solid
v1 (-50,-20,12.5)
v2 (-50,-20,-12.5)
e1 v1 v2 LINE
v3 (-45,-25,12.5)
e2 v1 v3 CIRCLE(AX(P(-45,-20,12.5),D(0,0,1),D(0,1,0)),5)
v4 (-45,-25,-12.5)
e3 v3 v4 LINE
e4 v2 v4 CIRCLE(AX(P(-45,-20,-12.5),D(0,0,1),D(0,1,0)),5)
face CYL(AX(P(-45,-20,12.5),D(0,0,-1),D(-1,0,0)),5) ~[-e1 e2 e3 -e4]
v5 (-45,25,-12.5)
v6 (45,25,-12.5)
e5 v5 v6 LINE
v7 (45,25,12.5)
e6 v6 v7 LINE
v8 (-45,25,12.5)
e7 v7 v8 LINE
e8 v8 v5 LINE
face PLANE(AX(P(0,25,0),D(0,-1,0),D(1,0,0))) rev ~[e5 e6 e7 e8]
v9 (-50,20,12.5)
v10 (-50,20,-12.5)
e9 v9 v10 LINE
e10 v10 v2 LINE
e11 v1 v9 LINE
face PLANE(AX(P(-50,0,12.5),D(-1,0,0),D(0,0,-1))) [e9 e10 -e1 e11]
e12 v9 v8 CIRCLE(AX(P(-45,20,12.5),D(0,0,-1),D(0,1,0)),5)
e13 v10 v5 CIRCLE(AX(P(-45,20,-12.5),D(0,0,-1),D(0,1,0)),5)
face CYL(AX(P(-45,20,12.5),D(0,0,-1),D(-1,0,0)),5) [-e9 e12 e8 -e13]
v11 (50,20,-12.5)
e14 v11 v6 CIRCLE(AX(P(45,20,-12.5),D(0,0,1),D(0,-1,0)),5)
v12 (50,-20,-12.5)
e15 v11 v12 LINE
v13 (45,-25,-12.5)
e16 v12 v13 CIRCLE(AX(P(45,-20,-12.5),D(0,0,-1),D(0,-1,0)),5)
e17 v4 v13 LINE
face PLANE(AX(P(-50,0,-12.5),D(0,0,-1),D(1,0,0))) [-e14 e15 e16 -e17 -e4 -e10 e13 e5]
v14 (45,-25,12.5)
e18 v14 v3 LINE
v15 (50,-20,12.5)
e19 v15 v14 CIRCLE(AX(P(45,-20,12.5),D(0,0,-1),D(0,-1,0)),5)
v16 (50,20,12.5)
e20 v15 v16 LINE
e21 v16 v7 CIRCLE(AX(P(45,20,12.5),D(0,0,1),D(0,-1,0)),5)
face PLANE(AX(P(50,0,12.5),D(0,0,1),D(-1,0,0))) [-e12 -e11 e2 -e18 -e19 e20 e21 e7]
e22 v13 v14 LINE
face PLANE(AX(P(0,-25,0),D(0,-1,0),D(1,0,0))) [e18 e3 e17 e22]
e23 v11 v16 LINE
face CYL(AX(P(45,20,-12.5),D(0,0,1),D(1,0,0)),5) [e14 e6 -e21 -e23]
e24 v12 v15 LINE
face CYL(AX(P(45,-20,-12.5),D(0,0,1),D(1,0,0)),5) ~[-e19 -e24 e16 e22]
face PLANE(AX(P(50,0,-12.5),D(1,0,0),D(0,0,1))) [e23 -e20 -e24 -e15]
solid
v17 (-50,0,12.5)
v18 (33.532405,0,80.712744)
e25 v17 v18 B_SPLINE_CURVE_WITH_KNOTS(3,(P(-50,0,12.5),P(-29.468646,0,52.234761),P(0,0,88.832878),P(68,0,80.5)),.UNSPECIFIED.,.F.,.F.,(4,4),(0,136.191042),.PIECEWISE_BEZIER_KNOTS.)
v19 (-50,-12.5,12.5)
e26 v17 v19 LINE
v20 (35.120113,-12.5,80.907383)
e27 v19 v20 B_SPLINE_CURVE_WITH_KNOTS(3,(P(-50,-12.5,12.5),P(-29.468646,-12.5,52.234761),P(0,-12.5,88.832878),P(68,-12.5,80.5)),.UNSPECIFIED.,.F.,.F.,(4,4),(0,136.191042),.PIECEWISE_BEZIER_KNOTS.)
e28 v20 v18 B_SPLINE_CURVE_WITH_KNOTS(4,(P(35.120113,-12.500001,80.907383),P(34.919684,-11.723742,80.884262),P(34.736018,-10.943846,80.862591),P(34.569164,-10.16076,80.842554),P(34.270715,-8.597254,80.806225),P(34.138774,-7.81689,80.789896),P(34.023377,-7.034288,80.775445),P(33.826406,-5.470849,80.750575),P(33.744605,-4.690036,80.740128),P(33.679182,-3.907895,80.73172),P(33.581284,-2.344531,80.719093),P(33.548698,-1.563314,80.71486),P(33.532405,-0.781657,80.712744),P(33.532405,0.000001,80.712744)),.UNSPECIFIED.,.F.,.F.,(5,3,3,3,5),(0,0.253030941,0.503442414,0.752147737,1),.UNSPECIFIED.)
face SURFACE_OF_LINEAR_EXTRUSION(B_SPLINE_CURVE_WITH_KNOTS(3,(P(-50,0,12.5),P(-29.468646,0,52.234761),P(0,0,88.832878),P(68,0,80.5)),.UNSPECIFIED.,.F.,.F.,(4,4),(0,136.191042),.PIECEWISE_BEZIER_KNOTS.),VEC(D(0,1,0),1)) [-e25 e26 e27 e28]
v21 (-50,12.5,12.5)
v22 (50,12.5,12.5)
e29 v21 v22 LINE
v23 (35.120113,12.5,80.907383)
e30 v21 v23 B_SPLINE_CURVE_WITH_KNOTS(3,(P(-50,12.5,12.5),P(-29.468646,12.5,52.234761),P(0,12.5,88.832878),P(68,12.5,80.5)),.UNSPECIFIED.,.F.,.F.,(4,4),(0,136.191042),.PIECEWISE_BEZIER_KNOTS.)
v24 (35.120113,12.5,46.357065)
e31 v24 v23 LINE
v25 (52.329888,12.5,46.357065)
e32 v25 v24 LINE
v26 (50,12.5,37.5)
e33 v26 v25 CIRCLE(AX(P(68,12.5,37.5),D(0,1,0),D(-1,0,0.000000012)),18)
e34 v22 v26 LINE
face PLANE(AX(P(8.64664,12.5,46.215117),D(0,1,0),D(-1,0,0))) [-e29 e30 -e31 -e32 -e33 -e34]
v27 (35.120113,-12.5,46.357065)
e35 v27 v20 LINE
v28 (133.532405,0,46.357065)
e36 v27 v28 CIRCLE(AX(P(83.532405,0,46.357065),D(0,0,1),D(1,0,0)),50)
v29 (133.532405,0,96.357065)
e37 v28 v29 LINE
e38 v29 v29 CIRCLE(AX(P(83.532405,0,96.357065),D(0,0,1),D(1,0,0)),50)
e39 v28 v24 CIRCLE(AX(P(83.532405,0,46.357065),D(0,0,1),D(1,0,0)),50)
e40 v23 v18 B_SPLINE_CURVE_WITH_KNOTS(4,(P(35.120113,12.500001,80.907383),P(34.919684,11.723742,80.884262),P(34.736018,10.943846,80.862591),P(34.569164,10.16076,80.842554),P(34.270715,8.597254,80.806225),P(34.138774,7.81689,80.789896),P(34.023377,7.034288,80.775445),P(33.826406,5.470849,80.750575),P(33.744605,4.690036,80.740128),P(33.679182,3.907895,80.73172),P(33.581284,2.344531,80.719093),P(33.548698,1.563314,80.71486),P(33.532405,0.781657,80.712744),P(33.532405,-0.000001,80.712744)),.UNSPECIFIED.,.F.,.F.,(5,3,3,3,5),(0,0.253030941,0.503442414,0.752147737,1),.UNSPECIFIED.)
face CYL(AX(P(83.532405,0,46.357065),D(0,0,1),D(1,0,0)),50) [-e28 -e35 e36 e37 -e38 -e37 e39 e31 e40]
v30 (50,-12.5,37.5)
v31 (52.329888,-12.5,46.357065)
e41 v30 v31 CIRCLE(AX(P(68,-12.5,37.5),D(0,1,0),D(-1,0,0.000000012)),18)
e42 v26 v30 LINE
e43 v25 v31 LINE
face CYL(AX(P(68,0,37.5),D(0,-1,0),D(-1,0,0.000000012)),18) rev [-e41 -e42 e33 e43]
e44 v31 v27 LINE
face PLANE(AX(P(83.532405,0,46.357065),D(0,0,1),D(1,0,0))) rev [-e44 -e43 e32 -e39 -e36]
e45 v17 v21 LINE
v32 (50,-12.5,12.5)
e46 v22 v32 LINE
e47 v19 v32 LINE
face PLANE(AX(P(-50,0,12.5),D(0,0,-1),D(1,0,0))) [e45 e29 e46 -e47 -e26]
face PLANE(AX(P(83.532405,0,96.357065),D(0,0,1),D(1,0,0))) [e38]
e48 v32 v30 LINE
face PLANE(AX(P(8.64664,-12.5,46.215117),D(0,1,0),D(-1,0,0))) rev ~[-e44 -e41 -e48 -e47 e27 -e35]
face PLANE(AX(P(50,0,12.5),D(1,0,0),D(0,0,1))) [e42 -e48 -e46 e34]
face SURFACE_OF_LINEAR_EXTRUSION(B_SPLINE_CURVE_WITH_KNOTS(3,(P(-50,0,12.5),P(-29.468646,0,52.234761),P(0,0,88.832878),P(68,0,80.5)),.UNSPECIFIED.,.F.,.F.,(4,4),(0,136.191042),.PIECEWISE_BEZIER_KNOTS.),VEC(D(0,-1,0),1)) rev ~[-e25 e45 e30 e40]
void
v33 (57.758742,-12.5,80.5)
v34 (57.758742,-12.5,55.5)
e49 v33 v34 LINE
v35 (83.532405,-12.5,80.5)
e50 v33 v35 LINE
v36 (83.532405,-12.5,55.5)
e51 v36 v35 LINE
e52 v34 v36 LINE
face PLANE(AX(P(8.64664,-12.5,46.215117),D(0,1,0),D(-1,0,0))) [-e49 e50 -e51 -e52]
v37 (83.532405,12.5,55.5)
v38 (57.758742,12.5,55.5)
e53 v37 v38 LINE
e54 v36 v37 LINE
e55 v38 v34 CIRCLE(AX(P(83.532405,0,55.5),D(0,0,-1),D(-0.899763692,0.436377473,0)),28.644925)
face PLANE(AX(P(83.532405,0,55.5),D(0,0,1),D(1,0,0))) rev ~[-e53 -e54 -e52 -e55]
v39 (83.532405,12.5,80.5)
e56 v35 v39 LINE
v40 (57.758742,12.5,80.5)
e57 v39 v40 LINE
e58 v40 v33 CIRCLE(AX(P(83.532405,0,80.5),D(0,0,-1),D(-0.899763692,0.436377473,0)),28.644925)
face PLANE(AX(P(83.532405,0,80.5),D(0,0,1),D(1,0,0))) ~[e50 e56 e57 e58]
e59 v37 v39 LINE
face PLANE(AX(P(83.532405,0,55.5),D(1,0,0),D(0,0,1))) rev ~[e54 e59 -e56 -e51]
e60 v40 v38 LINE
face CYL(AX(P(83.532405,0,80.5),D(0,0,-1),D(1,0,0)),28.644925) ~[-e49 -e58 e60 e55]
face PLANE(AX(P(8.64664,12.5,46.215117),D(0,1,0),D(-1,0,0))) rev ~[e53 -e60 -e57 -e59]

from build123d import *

# Parameters (mm, degrees)
F1_DEPTH = 25
F2_DEPTH = 12.5
F4_R     = 5


with BuildPart() as f1:
    # F0 (on Front) → F1 (new body, symmetric)
    with BuildSketch(Plane.XZ):
        Polygon((25, 12.5), (-50, 12.5), (-50, -12.5), (50, -12.5), (50, 12.5), align=None)
    extrude(amount=F1_DEPTH, both=True)

    # F4
    f4_edges = [f1.edges().sort_by_distance(p)[0] for p in [
        (-50, -25, 0),
        (50, -25, 0),
        (50, 25, 0),
        (-50, 25, 0),
    ]]
    fillet(f4_edges, radius=F4_R)


with BuildPart() as f2:
    # F0 (on Front) → F2 (new body, symmetric)
    with BuildSketch(Plane.XZ):
        with BuildLine():
            add(Edge.make_bspline(
                [(-50, 12.5), (-29.468646, 52.234761), (0, 88.832878), (68, 80.5)],
                knots=[0, 0, 0, 0, 136.191042, 136.191042, 136.191042, 136.191042], degree=3))
            Line((-50, 12.5), (25, 12.5))
            Line((25, 12.5), (25, 37.5))
            ThreePointArc((25, 37.5), (37.594408, 67.905592), (68, 80.5))
        make_face()
        with BuildLine():
            Line((25, 37.5), (25, 12.5))
            Line((25, 12.5), (50, 12.5))
            Line((50, 12.5), (50, 37.5))
            ThreePointArc((50, 37.5), (55.272078, 50.227922), (68, 55.5))
            Line((68, 55.5), (83.532405, 55.5))
            Line((83.532405, 55.5), (83.532405, 80.5))
            Line((83.532405, 80.5), (68, 80.5))
            ThreePointArc((68, 80.5), (37.594408, 67.905592), (25, 37.5))
        make_face()
    extrude(amount=F2_DEPTH, both=True)

    # F0 (on Front) → F3 (revolve)
    with BuildSketch(Plane.XZ):
        Polygon((83.532405, 96.357065), (83.532405, 80.5), (112.17733, 80.5), (112.17733, 55.5), (83.532405, 55.5), (83.532405, 46.357065), (133.532405, 46.357065), (133.532405, 96.357065), align=None)
    revolve(axis=Axis((83.532405, 0, 71.357065), (0, 0, 1)))


solid = Compound([f1.part, f2.part])
